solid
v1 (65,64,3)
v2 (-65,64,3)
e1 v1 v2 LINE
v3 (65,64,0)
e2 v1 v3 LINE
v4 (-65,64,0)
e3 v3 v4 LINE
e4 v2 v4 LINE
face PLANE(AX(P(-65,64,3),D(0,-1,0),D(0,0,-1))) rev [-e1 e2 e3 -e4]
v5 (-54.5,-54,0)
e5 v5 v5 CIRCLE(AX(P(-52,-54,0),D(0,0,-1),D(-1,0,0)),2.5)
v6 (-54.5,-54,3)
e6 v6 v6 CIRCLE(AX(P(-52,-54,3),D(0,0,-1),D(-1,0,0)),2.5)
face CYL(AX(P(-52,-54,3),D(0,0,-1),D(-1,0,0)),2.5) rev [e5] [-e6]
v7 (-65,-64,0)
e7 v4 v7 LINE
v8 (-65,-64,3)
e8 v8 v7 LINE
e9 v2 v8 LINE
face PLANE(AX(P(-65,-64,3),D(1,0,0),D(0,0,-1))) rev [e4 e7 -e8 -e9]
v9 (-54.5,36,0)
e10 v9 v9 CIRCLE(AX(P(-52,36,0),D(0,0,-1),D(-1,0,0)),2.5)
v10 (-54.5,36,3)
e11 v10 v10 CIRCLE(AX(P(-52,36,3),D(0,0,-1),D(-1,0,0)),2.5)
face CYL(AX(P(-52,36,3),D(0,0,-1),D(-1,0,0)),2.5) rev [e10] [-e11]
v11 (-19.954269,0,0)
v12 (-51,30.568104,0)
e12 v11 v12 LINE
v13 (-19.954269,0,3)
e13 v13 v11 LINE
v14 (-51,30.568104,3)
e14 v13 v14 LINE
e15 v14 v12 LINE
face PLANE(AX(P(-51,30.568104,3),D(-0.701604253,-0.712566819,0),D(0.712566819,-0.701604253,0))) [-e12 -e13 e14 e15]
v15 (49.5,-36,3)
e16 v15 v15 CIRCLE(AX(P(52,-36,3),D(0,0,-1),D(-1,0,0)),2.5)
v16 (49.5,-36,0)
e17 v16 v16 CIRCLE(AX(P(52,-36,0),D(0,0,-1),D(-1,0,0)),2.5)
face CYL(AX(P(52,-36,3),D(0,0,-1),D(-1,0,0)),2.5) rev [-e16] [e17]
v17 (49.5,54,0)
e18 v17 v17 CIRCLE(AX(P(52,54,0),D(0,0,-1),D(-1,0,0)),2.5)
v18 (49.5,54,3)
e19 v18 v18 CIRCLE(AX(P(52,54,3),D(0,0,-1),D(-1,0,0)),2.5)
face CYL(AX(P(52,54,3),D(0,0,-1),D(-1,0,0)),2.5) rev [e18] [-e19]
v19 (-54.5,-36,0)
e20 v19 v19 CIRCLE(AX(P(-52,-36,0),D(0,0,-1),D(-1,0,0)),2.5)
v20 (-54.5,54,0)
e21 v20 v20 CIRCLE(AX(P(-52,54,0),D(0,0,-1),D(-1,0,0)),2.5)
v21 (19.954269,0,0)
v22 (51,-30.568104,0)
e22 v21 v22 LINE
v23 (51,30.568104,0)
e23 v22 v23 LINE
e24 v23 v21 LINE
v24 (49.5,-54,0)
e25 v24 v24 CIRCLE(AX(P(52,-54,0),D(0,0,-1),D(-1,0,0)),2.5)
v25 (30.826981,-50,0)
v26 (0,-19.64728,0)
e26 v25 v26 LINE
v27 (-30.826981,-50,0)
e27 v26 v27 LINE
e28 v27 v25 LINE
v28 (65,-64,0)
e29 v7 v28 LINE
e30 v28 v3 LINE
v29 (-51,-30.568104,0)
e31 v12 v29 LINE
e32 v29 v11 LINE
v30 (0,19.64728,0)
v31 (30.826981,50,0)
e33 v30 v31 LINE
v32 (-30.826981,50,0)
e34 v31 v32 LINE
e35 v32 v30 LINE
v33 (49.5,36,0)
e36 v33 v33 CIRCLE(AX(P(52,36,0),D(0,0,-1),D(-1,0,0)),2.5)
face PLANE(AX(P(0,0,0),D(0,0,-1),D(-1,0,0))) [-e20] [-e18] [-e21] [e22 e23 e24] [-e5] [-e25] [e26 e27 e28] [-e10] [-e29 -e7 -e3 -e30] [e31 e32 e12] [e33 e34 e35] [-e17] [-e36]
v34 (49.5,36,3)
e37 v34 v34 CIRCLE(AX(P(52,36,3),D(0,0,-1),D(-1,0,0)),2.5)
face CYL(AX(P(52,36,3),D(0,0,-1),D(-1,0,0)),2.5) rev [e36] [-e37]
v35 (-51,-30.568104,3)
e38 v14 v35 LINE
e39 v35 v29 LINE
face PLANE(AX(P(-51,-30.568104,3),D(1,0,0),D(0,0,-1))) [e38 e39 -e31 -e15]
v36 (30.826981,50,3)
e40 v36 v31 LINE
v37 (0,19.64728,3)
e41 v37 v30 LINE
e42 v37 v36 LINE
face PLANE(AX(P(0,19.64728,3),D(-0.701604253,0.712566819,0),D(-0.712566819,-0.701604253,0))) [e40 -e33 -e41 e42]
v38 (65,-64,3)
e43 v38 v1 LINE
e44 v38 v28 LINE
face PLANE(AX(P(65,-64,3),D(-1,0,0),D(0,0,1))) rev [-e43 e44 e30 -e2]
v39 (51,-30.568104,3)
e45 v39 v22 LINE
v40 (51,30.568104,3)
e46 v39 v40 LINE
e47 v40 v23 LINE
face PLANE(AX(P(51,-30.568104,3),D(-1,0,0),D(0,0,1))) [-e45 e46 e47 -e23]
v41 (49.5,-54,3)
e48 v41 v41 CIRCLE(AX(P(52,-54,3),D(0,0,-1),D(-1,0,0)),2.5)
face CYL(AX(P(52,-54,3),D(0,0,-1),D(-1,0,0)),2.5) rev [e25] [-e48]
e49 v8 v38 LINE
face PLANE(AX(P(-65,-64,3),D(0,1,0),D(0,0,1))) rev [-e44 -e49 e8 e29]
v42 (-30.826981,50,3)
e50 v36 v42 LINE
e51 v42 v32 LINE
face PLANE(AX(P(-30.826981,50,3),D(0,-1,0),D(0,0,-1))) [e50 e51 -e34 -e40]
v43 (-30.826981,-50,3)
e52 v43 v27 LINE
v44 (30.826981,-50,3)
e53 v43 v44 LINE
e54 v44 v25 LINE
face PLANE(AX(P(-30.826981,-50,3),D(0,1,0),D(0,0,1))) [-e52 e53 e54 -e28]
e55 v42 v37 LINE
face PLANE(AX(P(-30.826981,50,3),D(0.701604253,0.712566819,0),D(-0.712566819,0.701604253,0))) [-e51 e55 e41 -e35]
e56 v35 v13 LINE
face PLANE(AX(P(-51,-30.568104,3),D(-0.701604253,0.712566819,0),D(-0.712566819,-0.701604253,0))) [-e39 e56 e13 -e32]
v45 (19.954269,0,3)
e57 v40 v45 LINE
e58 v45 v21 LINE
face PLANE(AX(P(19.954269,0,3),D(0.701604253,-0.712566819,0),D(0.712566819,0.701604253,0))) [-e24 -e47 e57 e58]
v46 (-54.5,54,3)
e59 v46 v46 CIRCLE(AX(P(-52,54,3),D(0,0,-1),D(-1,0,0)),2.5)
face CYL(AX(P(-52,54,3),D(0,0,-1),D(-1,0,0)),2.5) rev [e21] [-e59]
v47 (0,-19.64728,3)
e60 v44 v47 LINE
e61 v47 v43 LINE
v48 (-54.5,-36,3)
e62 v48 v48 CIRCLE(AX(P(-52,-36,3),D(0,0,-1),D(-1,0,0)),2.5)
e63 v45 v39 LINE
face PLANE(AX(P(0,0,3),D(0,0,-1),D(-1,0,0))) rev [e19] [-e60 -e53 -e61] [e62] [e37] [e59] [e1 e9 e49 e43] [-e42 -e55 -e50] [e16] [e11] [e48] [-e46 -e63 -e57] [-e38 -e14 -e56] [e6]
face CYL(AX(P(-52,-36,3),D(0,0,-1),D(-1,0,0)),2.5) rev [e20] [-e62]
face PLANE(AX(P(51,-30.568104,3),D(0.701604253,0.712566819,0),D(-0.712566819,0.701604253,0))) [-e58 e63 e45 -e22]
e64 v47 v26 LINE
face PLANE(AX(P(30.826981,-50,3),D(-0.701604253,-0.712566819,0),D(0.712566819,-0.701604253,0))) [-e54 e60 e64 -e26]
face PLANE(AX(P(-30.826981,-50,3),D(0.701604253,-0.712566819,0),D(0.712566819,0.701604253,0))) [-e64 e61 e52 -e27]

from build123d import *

# Parameters (mm, degrees)
SKETCH_2_W          = 130
SKETCH_2_H          = 128
EXTRUDE_1_DEPTH     = 3
SKETCH_3_R          = 2.5
CUT_EXTRUDE_1_DEPTH = 92.268833673


with BuildPart() as part:
    # 草圖2 → 填料-伸長1 (new body)
    with BuildSketch(Plane.XY):
        Rectangle(SKETCH_2_W, SKETCH_2_H)
        Polygon((0, 19.647280252), (30.826980994, 50), (-30.826980994, 50), align=None, mode=Mode.SUBTRACT)
        Polygon((-51, 30.568104363), (-19.954269006, 0), (-51, -30.568104363), align=None, mode=Mode.SUBTRACT)
        Polygon((19.954269006, 0), (51, 30.568104363), (51, -30.568104363), align=None, mode=Mode.SUBTRACT)
        Polygon((30.826980994, -50), (0, -19.647280252), (-30.826980994, -50), align=None, mode=Mode.SUBTRACT)
    extrude(amount=EXTRUDE_1_DEPTH)

    # 草圖3 → 除料-伸長1 (cut, through all)
    with BuildSketch(Plane(origin=(0, 0, 0), x_dir=(-1, 0, 0), z_dir=(0, 0, -1))):
        with Locations((-52, -54)):
            Circle(SKETCH_3_R)
        with Locations((-52, -36)):
            Circle(SKETCH_3_R)
        with Locations((52, -54)):
            Circle(SKETCH_3_R)
        with Locations((52, -36)):
            Circle(SKETCH_3_R)
        with Locations((-52, 54)):
            Circle(SKETCH_3_R)
        with Locations((-52, 36)):
            Circle(SKETCH_3_R)
        with Locations((52, 54)):
            Circle(SKETCH_3_R)
        with Locations((52, 36)):
            Circle(SKETCH_3_R)
    extrude(amount=-CUT_EXTRUDE_1_DEPTH, mode=Mode.SUBTRACT)


solid = part.part
